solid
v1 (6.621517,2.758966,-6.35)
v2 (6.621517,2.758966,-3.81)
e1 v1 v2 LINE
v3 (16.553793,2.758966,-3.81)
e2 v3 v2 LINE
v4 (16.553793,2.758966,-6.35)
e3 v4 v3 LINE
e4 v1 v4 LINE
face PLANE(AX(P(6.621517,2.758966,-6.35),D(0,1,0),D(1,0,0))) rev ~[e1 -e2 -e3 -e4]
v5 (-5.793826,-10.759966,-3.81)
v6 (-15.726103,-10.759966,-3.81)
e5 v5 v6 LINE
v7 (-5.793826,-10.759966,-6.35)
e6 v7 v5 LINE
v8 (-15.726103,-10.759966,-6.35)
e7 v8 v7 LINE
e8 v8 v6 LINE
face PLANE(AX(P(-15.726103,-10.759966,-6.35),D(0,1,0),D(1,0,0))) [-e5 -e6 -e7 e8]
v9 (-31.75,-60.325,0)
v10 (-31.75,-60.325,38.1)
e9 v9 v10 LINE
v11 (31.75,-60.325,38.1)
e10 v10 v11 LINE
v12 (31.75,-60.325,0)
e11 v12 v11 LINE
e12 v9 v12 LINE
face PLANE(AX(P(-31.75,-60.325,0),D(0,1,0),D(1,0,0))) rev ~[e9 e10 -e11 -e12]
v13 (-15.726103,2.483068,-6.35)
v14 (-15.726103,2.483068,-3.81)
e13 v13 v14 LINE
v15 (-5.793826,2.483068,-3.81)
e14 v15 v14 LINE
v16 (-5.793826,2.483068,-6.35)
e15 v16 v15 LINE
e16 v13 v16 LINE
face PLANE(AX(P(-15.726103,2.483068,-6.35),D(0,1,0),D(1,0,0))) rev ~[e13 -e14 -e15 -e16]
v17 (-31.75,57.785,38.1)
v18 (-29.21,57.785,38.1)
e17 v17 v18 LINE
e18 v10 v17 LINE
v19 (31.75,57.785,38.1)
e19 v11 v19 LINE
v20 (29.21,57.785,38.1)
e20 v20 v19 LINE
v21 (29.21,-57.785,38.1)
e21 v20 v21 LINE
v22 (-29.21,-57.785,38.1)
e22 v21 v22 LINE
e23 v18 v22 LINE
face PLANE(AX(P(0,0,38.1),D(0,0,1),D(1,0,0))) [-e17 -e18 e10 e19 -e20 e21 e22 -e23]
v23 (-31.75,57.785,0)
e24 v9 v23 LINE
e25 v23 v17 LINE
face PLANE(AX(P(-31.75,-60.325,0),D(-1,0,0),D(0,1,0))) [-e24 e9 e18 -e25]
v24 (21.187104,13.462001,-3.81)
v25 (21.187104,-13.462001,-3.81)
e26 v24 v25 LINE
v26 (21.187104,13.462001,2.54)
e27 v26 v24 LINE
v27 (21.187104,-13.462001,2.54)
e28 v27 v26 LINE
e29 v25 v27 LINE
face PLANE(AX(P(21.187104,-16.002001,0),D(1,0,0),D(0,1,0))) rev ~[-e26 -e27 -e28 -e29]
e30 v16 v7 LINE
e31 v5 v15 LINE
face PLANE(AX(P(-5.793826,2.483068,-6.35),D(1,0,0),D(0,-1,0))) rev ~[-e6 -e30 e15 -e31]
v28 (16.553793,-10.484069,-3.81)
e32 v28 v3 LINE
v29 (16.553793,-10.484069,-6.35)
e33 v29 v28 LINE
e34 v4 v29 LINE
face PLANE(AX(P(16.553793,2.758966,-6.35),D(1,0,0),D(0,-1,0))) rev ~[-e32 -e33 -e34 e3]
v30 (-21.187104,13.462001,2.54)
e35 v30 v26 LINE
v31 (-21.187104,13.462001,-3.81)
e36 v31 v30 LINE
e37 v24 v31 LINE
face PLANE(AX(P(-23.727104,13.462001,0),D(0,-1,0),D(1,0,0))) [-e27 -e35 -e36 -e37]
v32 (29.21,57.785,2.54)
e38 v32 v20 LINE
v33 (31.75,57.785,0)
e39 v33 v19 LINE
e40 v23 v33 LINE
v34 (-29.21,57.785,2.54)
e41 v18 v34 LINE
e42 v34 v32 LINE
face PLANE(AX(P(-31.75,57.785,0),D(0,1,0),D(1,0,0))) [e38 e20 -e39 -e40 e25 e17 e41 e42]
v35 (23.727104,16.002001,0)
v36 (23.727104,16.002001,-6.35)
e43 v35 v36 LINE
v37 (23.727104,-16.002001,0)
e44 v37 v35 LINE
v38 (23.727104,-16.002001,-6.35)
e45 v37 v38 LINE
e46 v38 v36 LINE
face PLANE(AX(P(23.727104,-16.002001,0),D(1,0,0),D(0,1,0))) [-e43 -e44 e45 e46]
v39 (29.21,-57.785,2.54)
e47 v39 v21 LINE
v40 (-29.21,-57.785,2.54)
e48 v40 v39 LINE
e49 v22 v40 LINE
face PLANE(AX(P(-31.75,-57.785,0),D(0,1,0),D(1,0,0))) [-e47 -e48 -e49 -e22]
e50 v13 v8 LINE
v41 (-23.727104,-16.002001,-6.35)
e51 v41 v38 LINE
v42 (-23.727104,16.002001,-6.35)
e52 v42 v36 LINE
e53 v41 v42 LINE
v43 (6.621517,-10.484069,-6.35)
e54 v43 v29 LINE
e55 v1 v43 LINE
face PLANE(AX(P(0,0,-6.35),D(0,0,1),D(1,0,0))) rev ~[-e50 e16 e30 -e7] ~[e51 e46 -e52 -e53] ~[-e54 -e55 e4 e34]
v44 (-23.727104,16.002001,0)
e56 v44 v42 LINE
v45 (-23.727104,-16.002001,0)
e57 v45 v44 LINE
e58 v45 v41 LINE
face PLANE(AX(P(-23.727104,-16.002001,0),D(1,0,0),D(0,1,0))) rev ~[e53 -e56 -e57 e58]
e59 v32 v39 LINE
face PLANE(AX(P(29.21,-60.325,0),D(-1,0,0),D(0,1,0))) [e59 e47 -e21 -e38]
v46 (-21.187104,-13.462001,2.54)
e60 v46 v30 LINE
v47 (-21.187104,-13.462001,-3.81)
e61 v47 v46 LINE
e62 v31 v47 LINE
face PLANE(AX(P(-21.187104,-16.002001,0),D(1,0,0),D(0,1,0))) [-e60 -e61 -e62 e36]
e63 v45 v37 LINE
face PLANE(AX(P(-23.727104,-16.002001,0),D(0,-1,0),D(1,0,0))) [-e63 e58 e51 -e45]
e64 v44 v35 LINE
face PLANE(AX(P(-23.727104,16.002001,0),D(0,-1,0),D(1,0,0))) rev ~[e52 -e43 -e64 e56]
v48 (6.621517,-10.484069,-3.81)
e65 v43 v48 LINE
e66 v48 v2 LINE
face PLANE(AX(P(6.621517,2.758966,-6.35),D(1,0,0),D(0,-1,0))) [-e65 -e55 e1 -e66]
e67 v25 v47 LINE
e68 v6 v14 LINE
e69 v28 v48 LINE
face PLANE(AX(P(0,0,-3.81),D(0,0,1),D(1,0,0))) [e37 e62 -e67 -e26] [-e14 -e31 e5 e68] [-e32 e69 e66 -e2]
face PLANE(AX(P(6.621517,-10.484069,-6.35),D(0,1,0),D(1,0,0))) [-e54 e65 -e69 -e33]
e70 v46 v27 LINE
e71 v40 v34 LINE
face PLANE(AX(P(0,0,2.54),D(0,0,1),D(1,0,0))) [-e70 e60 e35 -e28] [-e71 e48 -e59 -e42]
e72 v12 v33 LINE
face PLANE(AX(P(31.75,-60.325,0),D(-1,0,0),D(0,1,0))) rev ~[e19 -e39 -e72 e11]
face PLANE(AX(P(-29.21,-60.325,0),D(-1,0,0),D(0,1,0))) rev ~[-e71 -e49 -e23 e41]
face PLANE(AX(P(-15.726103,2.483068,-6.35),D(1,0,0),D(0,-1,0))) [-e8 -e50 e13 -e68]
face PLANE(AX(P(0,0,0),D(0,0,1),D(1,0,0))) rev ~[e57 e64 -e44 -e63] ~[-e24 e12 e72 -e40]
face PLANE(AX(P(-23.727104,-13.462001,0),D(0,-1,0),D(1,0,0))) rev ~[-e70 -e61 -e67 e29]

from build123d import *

# Parameters (mm, degrees)
F1_W     = 47.4542081356
F1_H     = 32.0040024817
F2_DEPTH = 6.35
F0_W     = 63.5
F0_H     = 120.65
F3_DEPTH = 38.1
F4_T     = -2.54
F5_DEPTH = 2.54
F6_W     = 9.9322763272
F6_H     = 13.2430342492
F7_DEPTH = 44.451


with BuildPart() as f2:
    # F1 (on Top) → F2 (new body)
    with BuildSketch(Plane.XY):
        Rectangle(F1_W, F1_H)
    extrude(amount=-F2_DEPTH)

    # F0 (on Top) → F3 (join)
    with BuildSketch(Plane.XY):
        Rectangle(F0_W, F0_H)
    extrude(amount=F3_DEPTH)

    # F4
    f4_openings = [f2.faces().sort_by_distance(p)[0] for p in [
        (0, 0, 38.1),
    ]]
    offset(amount=F4_T, openings=f4_openings, kind=Kind.INTERSECTION)

    # F5 (cut): a face of the model
    f5_faces = [f2.faces().sort_by_distance(p)[0] for p in [
        (0, 60.325, 19.05),
    ]]
    extrude(f5_faces, amount=-F5_DEPTH, mode=Mode.SUBTRACT)

    # F6 (on face) → F7 (cut, through all)
    with BuildSketch(Plane(origin=(0, 0, -6.35), x_dir=(1, 0, 0), z_dir=(0, 0, -1))):
        with Locations((11.5876549389, 3.8625515299)):
            Rectangle(F6_W, F6_H)
        with Locations((-10.7599645853, 4.1384489741)):
            Rectangle(F6_W, F6_H)
    extrude(amount=-F7_DEPTH, mode=Mode.SUBTRACT)


solid = f2.part
